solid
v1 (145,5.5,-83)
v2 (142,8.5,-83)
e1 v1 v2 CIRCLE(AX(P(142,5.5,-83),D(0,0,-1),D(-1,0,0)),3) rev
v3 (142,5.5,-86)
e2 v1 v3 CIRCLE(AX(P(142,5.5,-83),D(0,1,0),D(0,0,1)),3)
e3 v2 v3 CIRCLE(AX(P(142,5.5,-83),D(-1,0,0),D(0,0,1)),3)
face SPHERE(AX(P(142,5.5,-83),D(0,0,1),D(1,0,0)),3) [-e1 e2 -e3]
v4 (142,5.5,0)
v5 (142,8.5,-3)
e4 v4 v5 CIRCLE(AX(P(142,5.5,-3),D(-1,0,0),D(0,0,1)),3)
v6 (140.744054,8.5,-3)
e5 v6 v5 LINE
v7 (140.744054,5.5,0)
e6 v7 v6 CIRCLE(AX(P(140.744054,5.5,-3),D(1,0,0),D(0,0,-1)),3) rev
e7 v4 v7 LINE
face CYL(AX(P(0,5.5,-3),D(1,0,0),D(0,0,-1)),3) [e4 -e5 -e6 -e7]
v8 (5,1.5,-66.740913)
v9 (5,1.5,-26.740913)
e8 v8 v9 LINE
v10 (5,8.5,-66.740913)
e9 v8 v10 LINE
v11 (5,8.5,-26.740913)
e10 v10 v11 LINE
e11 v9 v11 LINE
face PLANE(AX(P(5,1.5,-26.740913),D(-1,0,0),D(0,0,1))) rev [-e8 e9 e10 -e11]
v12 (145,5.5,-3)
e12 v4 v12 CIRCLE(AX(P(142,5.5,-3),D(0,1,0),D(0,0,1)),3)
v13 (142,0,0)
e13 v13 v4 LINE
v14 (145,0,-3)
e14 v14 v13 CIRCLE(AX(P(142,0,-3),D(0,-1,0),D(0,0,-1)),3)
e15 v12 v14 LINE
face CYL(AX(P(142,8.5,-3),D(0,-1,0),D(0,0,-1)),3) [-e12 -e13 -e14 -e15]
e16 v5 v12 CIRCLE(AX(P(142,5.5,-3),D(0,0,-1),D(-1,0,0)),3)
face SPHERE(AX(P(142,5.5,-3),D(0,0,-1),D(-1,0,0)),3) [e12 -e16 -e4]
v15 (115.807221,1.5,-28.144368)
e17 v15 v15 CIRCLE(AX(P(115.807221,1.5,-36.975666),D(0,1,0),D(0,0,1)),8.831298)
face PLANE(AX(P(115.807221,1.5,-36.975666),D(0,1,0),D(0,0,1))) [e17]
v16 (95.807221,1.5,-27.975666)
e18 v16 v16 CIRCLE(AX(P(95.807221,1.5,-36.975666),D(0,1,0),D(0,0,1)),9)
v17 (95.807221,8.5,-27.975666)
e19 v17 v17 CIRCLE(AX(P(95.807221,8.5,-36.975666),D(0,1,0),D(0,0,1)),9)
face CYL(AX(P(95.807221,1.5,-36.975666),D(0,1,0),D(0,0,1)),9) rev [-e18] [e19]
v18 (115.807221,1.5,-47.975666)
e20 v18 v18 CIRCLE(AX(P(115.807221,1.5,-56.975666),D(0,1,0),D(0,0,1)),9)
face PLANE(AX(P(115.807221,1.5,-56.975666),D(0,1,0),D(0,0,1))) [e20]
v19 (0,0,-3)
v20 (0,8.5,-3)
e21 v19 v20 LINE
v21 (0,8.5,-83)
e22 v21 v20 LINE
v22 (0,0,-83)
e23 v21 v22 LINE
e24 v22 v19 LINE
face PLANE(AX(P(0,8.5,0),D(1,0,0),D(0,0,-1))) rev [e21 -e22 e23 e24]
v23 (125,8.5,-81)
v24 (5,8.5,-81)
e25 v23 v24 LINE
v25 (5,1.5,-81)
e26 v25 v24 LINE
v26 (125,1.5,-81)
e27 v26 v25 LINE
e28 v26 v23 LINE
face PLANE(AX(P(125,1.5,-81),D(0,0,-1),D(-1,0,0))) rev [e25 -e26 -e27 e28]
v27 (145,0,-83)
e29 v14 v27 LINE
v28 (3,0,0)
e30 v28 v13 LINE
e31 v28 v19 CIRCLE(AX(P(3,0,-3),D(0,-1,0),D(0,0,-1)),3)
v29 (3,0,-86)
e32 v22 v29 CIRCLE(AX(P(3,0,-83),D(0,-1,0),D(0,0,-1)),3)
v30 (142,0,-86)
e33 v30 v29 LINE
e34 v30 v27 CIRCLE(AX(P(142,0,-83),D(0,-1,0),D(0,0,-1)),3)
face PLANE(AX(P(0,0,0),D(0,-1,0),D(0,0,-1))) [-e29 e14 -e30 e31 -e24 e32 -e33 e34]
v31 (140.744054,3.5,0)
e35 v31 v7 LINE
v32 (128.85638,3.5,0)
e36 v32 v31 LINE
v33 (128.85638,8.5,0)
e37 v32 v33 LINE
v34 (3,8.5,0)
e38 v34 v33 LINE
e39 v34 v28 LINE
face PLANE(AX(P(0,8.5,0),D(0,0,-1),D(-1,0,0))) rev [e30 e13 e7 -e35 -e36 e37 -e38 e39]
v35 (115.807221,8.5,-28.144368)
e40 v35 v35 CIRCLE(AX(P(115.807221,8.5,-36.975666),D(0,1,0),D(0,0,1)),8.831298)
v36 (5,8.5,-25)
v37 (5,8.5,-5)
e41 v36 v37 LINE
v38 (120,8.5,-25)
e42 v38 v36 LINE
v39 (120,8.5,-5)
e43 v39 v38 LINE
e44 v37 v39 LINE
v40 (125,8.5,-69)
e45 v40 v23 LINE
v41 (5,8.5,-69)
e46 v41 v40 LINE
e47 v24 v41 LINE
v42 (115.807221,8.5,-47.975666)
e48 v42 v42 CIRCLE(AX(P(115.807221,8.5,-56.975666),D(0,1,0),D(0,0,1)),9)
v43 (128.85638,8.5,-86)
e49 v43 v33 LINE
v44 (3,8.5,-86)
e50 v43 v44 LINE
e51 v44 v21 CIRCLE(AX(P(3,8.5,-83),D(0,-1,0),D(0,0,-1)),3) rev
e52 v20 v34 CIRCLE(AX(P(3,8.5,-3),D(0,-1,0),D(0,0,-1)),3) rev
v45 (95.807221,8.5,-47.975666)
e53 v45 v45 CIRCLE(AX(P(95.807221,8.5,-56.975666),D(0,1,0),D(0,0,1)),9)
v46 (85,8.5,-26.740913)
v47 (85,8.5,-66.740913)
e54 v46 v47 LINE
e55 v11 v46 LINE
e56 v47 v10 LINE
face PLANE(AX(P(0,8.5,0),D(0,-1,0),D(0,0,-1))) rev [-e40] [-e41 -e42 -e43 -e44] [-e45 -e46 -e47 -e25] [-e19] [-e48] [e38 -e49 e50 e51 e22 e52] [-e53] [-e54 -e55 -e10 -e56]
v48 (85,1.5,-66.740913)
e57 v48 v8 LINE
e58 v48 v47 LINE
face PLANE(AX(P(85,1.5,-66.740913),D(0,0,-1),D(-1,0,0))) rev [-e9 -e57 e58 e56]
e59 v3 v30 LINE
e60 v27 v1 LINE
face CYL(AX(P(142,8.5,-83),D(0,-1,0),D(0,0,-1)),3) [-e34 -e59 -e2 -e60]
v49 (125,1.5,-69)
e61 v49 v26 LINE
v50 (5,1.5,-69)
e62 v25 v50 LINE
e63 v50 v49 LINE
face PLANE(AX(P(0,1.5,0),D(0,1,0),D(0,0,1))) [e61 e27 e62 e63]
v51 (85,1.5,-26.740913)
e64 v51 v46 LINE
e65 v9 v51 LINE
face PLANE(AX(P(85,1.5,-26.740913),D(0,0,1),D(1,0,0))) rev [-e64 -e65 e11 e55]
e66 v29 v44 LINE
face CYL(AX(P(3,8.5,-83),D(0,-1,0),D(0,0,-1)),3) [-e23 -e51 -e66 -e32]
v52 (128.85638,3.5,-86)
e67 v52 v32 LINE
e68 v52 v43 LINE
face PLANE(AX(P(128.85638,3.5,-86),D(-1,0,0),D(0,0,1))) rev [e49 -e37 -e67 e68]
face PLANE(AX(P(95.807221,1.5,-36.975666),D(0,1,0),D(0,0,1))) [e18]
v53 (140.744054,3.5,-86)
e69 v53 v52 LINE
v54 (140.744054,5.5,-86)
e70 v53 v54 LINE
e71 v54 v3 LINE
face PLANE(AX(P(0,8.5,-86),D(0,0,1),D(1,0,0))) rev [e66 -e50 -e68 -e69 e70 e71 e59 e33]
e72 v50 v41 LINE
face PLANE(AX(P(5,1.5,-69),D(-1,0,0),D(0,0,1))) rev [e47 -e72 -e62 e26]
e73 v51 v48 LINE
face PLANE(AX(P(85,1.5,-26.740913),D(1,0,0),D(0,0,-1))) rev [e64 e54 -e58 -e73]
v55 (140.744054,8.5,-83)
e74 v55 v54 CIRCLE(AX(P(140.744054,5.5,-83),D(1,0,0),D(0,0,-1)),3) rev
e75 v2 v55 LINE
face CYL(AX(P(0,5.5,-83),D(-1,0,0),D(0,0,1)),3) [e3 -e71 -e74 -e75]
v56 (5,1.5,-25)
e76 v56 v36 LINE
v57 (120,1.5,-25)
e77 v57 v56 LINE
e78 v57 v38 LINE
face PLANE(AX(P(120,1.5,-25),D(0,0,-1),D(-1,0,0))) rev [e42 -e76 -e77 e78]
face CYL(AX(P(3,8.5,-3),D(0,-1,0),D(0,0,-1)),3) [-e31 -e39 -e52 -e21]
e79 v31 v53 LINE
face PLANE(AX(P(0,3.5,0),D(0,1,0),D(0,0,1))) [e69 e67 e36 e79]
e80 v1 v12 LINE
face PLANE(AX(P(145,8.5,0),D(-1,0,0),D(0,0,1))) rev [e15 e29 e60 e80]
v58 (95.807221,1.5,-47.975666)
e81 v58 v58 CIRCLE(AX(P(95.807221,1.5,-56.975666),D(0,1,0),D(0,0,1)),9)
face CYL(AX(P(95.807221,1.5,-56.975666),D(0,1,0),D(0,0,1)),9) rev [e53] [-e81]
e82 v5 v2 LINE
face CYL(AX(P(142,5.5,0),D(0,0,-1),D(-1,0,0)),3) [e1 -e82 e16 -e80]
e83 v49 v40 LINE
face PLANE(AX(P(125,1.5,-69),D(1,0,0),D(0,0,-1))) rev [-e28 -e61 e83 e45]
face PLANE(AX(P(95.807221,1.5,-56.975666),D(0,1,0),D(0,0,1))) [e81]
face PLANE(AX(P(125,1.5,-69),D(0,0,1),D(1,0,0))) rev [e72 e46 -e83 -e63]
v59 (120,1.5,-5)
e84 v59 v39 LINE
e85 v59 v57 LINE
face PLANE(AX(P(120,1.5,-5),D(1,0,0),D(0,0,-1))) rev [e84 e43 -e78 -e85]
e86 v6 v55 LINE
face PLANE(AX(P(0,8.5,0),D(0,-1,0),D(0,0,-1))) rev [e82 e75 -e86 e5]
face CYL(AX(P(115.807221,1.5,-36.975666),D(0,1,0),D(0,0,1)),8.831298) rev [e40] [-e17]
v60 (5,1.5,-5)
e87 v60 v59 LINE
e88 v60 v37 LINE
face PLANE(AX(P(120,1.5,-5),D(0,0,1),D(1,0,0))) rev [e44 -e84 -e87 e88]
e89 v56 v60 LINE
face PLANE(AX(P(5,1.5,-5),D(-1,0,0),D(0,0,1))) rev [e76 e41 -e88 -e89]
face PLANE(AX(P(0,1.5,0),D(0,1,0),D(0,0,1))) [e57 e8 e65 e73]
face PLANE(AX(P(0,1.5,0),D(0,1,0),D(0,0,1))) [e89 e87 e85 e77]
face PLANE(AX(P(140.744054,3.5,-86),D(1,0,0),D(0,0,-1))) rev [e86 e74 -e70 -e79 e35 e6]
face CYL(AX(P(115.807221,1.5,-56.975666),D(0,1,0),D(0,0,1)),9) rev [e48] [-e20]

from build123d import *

# Parameters (mm, degrees)
SKETCH_1_W            = 145
SKETCH_1_H            = 86
EXTRUDE_305_DEPTH     = 8.5
SKETCH_4_W            = 80
SKETCH_4_H            = 40
CUT_EXTRUDE_1_DEPTH   = 7
SKETCH_6_W            = 115
SKETCH_6_H            = 20
CUT_EXTRUDE_793_DEPTH = 7
SKETCH_8_W            = 120
SKETCH_8_H            = 12
CUT_EXTRUDE_5_DEPTH   = 7
SKETCH_14_R           = 9
SKETCH_14_R_2         = 8.831298305
CUT_EXTRUDE_11_DEPTH  = 7
SKETCH_15_W           = 11.88767394
SKETCH_15_H           = 86
CUT_EXTRUDE_12_DEPTH  = 5
FILLET_1_R            = 3
FILLET_2_R            = 3
FILLET_3_R            = 3
FILLET_4_R            = 3
FILLET_5_R            = 3


with BuildPart() as part:
    # Эскиз1 → Extrude 305 (new body)
    with BuildSketch(Plane(origin=(0, 0, 0), x_dir=(1, 0, 0), z_dir=(0, 1, 0))):
        with Locations((72.5, 43)):
            Rectangle(SKETCH_1_W, SKETCH_1_H)
    extrude(amount=EXTRUDE_305_DEPTH)

    # Эскиз4 → Вырез-Вытянуть1 (cut)
    with BuildSketch(Plane(origin=(0, 8.5, 0), x_dir=(1, 0, 0), z_dir=(0, 1, 0))):
        with Locations((45, 46.740912533)):
            Rectangle(SKETCH_4_W, SKETCH_4_H)
    extrude(amount=-CUT_EXTRUDE_1_DEPTH, mode=Mode.SUBTRACT)

    # Эскиз6 → Cut-Extrude 793 (cut)
    with BuildSketch(Plane(origin=(0, 8.5, 0), x_dir=(1, 0, 0), z_dir=(0, 1, 0))):
        with Locations((62.5, 15)):
            Rectangle(SKETCH_6_W, SKETCH_6_H)
    extrude(amount=-CUT_EXTRUDE_793_DEPTH, mode=Mode.SUBTRACT)

    # Эскиз8 → Вырез-Вытянуть5 (cut)
    with BuildSketch(Plane(origin=(0, 8.5, 0), x_dir=(1, 0, 0), z_dir=(0, 1, 0))):
        with Locations((65, 75)):
            Rectangle(SKETCH_8_W, SKETCH_8_H)
    extrude(amount=-CUT_EXTRUDE_5_DEPTH, mode=Mode.SUBTRACT)

    # Эскиз14 → Вырез-Вытянуть11 (cut)
    with BuildSketch(Plane(origin=(0, 8.5, 0), x_dir=(1, 0, 0), z_dir=(0, 1, 0))):
        with Locations((95.807220746, 36.975666029)):
            Circle(SKETCH_14_R)
        with Locations((115.807220746, 36.975666029)):
            Circle(SKETCH_14_R_2)
        with Locations((95.807220746, 56.975666029)):
            Circle(SKETCH_14_R)
        with Locations((115.807220746, 56.975666029)):
            Circle(SKETCH_14_R)
    extrude(amount=-CUT_EXTRUDE_11_DEPTH, mode=Mode.SUBTRACT)

    # Эскиз15 → Вырез-Вытянуть12 (cut)
    with BuildSketch(Plane(origin=(0, 8.5, 0), x_dir=(1, 0, 0), z_dir=(0, 1, 0))):
        with Locations((134.800217128, 43)):
            Rectangle(SKETCH_15_W, SKETCH_15_H)
    extrude(amount=-CUT_EXTRUDE_12_DEPTH, mode=Mode.SUBTRACT)

    # Скругление1
    fillet_1_edges = [part.edges().sort_by_distance(p)[0] for p in [
        (145, 8.5, -43),
    ]]
    fillet(fillet_1_edges, radius=FILLET_1_R)

    # Скругление2
    fillet_2_edges = [part.edges().sort_by_distance(p)[0] for p in [
        (145, 2.75, 0),
        (144.121320344, 7.621320344, 0),
        (141.372027049, 8.5, 0),
    ]]
    fillet(fillet_2_edges, radius=FILLET_2_R)

    # Скругление3
    fillet_3_edges = [part.edges().sort_by_distance(p)[0] for p in [
        (141.372027049, 8.5, -86),
        (145, 2.75, -86),
        (144.121320344, 7.621320344, -86),
    ]]
    fillet(fillet_3_edges, radius=FILLET_3_R)

    # Скругление4
    fillet_4_edges = [part.edges().sort_by_distance(p)[0] for p in [
        (0, 4.25, 0),
    ]]
    fillet(fillet_4_edges, radius=FILLET_4_R)

    # Скругление5
    fillet_5_edges = [part.edges().sort_by_distance(p)[0] for p in [
        (0, 4.25, -86),
    ]]
    fillet(fillet_5_edges, radius=FILLET_5_R)


solid = part.part
